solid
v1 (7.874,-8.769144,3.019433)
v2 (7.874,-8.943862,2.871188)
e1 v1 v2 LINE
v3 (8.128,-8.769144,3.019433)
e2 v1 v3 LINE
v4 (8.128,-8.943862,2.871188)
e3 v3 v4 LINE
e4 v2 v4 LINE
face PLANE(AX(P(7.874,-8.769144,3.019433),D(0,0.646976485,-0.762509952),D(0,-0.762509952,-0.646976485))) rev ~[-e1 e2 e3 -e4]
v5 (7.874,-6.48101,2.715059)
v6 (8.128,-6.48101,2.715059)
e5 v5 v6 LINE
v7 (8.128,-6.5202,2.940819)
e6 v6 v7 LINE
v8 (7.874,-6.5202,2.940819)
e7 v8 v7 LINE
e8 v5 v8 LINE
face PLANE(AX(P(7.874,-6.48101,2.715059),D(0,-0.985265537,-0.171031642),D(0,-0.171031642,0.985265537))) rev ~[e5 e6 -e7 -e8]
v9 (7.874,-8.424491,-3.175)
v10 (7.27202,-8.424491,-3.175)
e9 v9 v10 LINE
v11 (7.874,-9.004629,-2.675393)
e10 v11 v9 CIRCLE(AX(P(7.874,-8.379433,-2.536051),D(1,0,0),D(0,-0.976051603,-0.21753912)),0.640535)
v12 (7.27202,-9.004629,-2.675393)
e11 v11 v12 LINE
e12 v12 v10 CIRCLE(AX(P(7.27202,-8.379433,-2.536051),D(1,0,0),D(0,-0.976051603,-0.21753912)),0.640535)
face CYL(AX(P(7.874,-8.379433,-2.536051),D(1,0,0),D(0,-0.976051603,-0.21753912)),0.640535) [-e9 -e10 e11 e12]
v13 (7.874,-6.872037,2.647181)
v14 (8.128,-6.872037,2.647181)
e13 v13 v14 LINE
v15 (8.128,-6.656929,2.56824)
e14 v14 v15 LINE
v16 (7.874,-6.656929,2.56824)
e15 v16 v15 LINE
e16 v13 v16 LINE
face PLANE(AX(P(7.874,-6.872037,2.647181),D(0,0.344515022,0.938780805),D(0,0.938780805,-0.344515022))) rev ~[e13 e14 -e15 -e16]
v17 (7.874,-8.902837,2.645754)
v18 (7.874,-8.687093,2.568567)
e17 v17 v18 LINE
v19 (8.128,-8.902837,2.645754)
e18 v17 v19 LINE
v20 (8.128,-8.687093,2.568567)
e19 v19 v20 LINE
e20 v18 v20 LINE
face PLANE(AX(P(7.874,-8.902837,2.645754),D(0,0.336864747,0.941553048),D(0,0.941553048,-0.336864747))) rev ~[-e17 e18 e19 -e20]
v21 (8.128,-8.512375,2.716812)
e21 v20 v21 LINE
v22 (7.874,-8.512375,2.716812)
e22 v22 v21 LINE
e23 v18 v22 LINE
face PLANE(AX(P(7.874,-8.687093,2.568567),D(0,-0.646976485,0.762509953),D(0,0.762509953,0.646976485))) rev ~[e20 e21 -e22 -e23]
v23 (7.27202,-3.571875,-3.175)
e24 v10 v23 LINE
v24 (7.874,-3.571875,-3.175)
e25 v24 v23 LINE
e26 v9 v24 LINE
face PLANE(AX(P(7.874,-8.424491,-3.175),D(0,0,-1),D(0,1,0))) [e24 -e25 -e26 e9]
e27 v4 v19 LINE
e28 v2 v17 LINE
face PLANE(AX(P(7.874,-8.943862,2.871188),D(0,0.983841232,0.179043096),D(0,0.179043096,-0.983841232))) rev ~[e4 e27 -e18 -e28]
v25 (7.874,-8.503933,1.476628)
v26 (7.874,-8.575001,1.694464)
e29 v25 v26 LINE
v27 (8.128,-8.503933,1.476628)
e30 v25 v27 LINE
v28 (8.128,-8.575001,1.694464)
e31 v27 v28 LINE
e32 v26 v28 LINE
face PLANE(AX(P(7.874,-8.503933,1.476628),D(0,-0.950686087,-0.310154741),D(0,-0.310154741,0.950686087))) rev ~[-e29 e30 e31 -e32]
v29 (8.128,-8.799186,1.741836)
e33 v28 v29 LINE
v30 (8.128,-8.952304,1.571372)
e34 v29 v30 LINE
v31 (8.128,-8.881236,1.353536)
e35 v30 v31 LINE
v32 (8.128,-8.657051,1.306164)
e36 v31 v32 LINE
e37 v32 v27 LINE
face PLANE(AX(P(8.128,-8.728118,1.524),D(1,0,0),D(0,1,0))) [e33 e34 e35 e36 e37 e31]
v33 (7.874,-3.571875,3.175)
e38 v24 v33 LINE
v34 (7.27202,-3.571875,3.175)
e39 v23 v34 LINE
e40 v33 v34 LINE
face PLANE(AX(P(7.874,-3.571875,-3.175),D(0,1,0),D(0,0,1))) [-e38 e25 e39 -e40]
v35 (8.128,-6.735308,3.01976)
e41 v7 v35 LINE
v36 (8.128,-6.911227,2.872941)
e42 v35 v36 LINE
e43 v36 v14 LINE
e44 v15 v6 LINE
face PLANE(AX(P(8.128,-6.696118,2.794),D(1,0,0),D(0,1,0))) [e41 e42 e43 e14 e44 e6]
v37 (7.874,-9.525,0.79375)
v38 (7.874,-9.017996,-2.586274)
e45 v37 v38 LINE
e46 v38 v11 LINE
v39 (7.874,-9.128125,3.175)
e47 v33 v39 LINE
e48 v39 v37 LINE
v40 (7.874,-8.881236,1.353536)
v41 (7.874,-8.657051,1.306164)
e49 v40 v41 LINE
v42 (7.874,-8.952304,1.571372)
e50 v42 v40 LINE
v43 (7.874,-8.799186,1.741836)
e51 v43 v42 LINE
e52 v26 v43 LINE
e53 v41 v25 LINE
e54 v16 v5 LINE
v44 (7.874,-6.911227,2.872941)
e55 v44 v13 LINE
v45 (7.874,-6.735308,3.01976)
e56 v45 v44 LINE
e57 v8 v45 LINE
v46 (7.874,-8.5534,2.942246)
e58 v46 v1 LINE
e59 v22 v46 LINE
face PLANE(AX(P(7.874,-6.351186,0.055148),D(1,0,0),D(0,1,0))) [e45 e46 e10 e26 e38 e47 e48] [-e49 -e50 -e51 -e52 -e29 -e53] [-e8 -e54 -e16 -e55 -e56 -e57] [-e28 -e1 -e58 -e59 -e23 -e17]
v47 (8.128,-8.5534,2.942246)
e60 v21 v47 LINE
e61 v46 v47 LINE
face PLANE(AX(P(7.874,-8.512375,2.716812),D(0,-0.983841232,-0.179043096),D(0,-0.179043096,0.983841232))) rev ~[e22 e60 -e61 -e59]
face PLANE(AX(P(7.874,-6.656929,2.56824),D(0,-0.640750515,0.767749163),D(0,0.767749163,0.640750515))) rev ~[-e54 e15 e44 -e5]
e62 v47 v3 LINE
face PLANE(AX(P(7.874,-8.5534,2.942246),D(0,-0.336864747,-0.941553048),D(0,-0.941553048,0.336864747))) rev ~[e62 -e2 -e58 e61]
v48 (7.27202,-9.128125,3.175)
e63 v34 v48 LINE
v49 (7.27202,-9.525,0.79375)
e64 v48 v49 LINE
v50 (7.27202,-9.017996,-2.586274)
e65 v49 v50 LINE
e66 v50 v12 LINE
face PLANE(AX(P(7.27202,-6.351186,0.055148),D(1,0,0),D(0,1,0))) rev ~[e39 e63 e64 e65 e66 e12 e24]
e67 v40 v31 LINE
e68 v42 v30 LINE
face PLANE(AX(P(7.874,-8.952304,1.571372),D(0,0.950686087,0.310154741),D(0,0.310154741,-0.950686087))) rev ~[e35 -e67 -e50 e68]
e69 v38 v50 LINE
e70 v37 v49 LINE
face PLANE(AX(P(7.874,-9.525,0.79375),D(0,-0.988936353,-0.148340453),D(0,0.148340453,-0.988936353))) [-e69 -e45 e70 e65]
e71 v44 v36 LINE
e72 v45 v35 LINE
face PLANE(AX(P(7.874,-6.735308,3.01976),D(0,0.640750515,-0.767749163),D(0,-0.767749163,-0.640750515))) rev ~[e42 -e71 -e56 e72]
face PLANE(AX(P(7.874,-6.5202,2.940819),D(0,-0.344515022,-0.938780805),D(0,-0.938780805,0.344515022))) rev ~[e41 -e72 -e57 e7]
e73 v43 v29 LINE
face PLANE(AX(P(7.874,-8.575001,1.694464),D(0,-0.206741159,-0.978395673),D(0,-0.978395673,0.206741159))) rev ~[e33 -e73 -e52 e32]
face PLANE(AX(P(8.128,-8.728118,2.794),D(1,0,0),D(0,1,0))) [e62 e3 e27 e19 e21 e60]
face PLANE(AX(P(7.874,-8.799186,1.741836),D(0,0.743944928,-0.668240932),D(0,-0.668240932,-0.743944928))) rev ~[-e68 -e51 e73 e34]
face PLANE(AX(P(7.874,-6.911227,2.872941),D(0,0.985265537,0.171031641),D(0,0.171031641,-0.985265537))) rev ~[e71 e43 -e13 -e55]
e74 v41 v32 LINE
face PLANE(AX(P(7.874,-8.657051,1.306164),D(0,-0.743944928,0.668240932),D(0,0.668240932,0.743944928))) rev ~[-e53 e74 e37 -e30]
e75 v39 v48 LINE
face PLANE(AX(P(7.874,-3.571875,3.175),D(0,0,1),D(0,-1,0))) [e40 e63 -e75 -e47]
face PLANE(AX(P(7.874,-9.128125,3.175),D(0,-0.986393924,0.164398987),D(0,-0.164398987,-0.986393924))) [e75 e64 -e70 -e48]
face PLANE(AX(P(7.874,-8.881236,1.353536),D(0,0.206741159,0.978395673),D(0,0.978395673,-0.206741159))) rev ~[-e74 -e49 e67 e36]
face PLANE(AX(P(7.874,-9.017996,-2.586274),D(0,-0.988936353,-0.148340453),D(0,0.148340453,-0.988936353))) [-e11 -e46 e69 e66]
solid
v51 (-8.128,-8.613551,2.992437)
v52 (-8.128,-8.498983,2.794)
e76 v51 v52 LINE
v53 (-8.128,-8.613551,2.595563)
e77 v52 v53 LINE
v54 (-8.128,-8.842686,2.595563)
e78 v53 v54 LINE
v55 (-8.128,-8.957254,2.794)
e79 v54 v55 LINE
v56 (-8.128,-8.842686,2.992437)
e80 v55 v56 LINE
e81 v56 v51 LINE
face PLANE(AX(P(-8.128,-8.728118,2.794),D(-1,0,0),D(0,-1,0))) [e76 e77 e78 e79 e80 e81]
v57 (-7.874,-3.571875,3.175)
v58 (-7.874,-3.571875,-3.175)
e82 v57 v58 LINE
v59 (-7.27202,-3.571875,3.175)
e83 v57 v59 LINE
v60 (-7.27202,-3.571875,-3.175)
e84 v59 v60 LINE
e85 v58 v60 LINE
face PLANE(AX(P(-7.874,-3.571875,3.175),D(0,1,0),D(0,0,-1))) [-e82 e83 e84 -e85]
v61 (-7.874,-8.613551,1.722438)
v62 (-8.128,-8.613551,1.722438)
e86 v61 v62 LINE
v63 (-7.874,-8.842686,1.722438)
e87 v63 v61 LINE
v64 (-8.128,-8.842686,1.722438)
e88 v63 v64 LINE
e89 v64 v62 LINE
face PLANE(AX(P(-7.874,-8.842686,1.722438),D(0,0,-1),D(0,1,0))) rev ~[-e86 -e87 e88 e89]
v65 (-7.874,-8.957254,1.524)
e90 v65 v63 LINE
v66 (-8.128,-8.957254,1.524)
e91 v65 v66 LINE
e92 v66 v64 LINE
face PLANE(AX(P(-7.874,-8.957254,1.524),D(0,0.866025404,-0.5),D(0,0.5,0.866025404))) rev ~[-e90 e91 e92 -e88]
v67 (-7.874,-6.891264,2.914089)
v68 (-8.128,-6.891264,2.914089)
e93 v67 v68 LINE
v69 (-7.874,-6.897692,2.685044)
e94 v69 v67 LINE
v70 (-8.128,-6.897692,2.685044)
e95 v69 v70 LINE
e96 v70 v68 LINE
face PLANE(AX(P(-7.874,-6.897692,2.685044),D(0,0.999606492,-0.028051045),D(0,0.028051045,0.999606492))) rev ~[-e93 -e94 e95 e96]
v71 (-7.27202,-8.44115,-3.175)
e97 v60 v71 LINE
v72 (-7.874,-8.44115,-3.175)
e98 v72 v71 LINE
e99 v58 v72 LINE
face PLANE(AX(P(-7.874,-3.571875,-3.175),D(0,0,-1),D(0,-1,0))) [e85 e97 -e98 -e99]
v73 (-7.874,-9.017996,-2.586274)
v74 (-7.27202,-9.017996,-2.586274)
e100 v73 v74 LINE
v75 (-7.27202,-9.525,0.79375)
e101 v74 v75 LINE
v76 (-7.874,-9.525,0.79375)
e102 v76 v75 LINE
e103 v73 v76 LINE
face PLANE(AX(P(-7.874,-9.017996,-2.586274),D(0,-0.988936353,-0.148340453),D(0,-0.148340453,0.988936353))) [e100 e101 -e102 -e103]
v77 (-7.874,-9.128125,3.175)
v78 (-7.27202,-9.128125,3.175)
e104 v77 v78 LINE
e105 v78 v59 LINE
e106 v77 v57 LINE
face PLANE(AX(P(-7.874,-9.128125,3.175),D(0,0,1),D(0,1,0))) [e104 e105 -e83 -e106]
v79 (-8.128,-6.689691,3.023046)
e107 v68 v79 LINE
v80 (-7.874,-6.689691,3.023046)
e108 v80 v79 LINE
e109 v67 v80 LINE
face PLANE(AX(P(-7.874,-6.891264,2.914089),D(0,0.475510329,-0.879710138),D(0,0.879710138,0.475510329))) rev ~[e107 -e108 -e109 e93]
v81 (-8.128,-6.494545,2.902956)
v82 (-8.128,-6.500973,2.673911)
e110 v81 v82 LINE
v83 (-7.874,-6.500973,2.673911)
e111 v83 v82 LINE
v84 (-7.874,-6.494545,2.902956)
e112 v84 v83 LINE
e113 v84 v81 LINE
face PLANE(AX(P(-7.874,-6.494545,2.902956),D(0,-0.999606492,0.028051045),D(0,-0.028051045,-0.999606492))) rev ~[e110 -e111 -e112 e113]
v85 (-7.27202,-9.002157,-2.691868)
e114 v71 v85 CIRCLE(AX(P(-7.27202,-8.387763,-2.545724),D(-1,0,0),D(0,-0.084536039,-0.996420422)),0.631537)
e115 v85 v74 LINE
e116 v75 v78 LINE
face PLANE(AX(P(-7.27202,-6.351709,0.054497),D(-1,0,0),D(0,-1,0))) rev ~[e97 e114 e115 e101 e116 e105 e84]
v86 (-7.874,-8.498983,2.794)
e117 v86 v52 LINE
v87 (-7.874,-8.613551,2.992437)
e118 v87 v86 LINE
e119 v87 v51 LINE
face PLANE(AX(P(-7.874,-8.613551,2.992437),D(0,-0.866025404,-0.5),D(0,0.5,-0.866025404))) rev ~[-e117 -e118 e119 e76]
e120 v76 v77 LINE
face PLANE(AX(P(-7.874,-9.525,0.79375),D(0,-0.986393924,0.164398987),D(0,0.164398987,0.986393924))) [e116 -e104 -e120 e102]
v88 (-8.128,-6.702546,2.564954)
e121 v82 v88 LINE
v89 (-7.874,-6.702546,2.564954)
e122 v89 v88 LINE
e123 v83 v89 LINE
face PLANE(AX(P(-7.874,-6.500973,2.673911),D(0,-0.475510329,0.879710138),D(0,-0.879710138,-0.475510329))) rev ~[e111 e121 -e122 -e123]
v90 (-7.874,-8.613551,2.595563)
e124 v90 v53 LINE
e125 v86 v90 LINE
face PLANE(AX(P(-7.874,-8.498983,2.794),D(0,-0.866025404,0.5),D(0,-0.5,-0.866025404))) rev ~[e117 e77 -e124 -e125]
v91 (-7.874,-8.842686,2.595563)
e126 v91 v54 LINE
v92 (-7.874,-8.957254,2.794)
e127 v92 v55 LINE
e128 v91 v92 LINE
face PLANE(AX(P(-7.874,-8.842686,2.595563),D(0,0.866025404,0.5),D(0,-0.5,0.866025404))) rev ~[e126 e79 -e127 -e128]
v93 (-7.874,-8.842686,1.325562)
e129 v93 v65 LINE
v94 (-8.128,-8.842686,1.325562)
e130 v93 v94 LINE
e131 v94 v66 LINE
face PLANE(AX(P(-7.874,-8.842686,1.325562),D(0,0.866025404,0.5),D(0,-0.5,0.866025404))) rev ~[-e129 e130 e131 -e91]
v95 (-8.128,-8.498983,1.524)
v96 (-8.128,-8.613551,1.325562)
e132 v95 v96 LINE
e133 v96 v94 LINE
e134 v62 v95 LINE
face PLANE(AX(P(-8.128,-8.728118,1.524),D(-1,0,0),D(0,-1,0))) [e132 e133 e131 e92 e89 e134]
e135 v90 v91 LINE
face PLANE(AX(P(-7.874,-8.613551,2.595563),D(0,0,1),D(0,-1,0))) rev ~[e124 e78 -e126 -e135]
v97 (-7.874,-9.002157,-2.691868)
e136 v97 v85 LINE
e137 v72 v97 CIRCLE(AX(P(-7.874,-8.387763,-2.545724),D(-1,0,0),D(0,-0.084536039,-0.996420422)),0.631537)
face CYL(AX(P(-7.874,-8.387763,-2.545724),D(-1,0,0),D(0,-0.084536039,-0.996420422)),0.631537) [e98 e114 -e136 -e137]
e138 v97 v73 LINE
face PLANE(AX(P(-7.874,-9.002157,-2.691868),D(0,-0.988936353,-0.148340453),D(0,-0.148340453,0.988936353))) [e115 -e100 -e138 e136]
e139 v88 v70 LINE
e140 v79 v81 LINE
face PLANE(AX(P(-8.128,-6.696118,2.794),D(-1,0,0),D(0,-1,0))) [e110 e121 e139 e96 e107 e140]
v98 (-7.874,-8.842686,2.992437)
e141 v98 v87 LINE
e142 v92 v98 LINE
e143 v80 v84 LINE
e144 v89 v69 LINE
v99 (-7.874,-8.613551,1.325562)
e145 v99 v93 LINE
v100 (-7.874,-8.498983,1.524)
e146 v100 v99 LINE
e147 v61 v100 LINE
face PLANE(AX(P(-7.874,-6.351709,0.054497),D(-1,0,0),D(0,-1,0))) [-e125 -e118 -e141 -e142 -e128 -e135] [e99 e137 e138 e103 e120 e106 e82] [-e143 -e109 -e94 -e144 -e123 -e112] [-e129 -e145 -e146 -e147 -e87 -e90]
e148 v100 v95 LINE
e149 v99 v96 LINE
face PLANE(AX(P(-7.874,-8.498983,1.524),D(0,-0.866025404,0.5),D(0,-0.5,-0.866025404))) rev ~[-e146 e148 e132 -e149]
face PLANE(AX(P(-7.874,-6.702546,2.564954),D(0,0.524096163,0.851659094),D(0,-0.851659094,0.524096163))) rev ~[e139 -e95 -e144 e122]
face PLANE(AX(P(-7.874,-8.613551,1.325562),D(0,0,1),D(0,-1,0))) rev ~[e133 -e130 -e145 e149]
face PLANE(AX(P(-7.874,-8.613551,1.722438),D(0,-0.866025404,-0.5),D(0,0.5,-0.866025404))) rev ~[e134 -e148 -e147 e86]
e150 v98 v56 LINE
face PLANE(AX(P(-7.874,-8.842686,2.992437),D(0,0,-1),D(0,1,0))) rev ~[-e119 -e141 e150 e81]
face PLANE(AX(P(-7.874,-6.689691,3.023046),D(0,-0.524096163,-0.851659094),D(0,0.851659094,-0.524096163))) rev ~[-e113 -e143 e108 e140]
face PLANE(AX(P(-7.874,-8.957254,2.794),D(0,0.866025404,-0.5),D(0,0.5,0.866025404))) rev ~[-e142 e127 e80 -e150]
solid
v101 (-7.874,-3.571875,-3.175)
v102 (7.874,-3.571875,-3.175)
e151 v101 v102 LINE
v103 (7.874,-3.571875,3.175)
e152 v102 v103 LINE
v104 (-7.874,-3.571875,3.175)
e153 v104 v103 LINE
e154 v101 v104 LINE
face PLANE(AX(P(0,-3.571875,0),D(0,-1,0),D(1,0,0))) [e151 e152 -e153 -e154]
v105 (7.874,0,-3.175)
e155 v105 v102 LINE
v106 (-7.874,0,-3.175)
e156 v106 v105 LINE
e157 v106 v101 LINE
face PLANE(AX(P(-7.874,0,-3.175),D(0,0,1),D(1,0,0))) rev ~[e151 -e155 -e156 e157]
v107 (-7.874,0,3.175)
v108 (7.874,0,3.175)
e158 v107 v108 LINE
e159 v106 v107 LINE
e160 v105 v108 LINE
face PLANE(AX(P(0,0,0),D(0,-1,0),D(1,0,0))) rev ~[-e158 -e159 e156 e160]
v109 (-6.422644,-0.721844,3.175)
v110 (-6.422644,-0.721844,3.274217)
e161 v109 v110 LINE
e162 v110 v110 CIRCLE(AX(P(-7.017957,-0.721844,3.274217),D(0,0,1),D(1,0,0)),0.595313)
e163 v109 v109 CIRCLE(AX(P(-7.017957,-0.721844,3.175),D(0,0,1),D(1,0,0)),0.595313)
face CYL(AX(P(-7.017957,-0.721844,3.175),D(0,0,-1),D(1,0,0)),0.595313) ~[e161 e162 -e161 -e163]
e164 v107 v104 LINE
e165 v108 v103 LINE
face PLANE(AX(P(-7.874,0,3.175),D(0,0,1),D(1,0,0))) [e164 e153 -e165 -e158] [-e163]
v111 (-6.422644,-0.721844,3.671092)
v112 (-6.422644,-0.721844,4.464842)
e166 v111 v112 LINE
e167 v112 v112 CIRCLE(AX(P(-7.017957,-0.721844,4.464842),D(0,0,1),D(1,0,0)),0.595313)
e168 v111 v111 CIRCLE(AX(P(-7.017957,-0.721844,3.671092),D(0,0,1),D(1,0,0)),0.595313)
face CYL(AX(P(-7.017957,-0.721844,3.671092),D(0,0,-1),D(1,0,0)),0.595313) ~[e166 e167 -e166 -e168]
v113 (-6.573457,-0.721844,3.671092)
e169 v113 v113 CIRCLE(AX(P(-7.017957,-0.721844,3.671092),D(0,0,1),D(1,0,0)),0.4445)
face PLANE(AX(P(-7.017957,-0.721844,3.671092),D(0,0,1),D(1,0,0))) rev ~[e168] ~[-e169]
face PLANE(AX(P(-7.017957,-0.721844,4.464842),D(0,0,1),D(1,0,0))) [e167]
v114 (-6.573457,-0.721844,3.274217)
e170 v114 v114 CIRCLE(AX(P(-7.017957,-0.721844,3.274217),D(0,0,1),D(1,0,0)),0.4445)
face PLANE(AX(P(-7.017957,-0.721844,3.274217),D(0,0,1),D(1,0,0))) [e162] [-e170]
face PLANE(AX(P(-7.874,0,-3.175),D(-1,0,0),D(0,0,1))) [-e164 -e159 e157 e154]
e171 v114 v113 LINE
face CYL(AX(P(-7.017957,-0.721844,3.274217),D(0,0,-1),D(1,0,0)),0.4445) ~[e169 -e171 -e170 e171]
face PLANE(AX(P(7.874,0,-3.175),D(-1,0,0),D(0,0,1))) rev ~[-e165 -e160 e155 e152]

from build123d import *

# Parameters (mm, degrees)
F0_W      = 15.748
F0_H      = 6.35
F1_DEPTH  = 3.571875
F3_DEPTH  = 0.60198
F5_DEPTH  = 0.60198
F6_R      = 0.5953125
F7_DEPTH  = 0.09921748
F8_R      = 0.4445
F9_DEPTH  = 0.396875
F11_DEPTH = 0.254
F12_DEPTH = 0.254
F13_DEPTH = 0.254
F15_DEPTH = 0.254
F16_DEPTH = 0.254
F17_DEPTH = 0.254
F18_R     = 0.5953125
F18_R_2   = 0.4445
F19_DEPTH = 0.79375


with BuildPart() as f1:
    # F0 (on Front) → F1 (new body)
    with BuildSketch(Plane.XZ):
        Rectangle(F0_W, F0_H)
    extrude(amount=F1_DEPTH)

    # F6 (on face) → F7 (join)
    with BuildSketch(Plane.XY.offset(3.175)):
        with Locations((-7.017956581, -0.7218440296)):
            Circle(F6_R)
    extrude(amount=F7_DEPTH)

    # F8 (on face) → F9 (join)
    with BuildSketch(Plane.XY.offset(3.27421748)):
        with Locations((-7.017956581, -0.7218440296)):
            Circle(F8_R)
    extrude(amount=F9_DEPTH)

    # F18 (on face) → F19 (join)
    with BuildSketch(Plane.XY.offset(3.67109248)):
        with Locations((-7.017956581, -0.7218440296)):
            Circle(F18_R)
        with Locations((-7.017956581, -0.7218440296)):
            Circle(F18_R_2, mode=Mode.SUBTRACT)
        with Locations((-7.017956581, -0.7218440296)):
            Circle(F18_R_2)
    extrude(amount=F19_DEPTH)


with BuildPart() as f3:
    # F2 (on face) → F3 (new body)
    with BuildSketch(Plane(origin=(-7.874, 0, 0), x_dir=(0, -1, 0), z_dir=(-1, 0, 0))):
        with BuildLine():
            Line((9.128125, 3.175), (3.571875, 3.175))
            Line((3.571875, 3.175), (3.571875, -3.175))
            Line((3.571875, -3.175), (8.334375, -3.175))
            Line((8.334375, -3.175), (8.4411502676, -3.175))
            ThreePointArc((8.4411502676, -3.175), (8.799876088, -3.0242646213), (9.0021573343, -2.6918677712))
            Line((9.0021573343, -2.6918677712), (9.0179964259, -2.5862738274))
            Line((9.0179964259, -2.5862738274), (9.525, 0.79375))
            Line((9.525, 0.79375), (9.128125, 3.175))
        make_face()
    extrude(amount=-F3_DEPTH)

    # F10 (on face) → F11 (join)
    with BuildSketch(Plane(origin=(-7.874, 0, 0), x_dir=(0, -1, 0), z_dir=(-1, 0, 0))):
        Polygon((8.6135505511, 2.5955625), (8.8426864392, 2.5955625), (8.9572543833, 2.794), (8.8426864392, 2.9924375), (8.6135505511, 2.9924375), (8.4989826071, 2.794), align=None)
    extrude(amount=F11_DEPTH)

    # F10 (on face) → F12 (join)
    with BuildSketch(Plane(origin=(-7.874, 0, 0), x_dir=(0, -1, 0), z_dir=(-1, 0, 0))):
        Polygon((8.8426864392, 1.3255625), (8.9572543833, 1.524), (8.8426864392, 1.7224375), (8.6135505511, 1.7224375), (8.4989826071, 1.524), (8.6135505511, 1.3255625), align=None)
    extrude(amount=F12_DEPTH)

    # F10 (on face) → F13 (join)
    with BuildSketch(Plane(origin=(-7.874, 0, 0), x_dir=(0, -1, 0), z_dir=(-1, 0, 0))):
        Polygon((6.7025459962, 2.5649542787), (6.897691659, 2.6850435185), (6.8912641579, 2.9140892398), (6.6896909942, 3.0230457213), (6.4945453314, 2.9029564815), (6.5009728324, 2.6739107602), align=None)
    extrude(amount=F13_DEPTH)


with BuildPart() as f5:
    # F4 (on face) → F5 (new body)
    with BuildSketch(Plane.YZ.offset(7.874)):
        with BuildLine():
            Line((-3.571875, -3.175), (-3.571875, 3.175))
            Line((-3.571875, 3.175), (-9.128125, 3.175))
            Line((-9.128125, 3.175), (-9.525, 0.79375))
            Line((-9.525, 0.79375), (-9.0179964259, -2.5862738274))
            Line((-9.0179964259, -2.5862738274), (-9.0046285555, -2.6753929631))
            ThreePointArc((-9.0046285555, -2.6753929631), (-8.7974184271, -3.0214108164), (-8.4244911489, -3.175))
            Line((-8.4244911489, -3.175), (-8.334375, -3.175))
            Line((-8.334375, -3.175), (-3.571875, -3.175))
        make_face()
    extrude(amount=-F5_DEPTH)

    # F14 (on face) → F15 (join)
    with BuildSketch(Plane.YZ.offset(7.874)):
        Polygon((-8.6870932965, 2.5685666656), (-8.5123749013, 2.7168121971), (-8.5534001001, 2.9422455315), (-8.7691436939, 3.0194333344), (-8.943862089, 2.8711878029), (-8.9028368903, 2.6457544685), align=None)
    extrude(amount=F15_DEPTH)

    # F14 (on face) → F16 (join)
    with BuildSketch(Plane.YZ.offset(7.874)):
        Polygon((-6.6569290081, 2.5682403063), (-6.4810101217, 2.7150592445), (-6.5201996088, 2.9408189382), (-6.7353079822, 3.0197596937), (-6.9112268686, 2.8729407555), (-6.8720373816, 2.6471810618), align=None)
    extrude(amount=F16_DEPTH)

    # F14 (on face) → F17 (join)
    with BuildSketch(Plane.YZ.offset(7.874)):
        Polygon((-8.5750005157, 1.6944644819), (-8.7991860772, 1.7418363009), (-8.9523040567, 1.5713718191), (-8.8812364747, 1.3535355181), (-8.6570509132, 1.3061636991), (-8.5039329337, 1.4766281809), align=None)
    extrude(amount=F17_DEPTH)


solid = Compound([f1.part, f3.part, f5.part])
